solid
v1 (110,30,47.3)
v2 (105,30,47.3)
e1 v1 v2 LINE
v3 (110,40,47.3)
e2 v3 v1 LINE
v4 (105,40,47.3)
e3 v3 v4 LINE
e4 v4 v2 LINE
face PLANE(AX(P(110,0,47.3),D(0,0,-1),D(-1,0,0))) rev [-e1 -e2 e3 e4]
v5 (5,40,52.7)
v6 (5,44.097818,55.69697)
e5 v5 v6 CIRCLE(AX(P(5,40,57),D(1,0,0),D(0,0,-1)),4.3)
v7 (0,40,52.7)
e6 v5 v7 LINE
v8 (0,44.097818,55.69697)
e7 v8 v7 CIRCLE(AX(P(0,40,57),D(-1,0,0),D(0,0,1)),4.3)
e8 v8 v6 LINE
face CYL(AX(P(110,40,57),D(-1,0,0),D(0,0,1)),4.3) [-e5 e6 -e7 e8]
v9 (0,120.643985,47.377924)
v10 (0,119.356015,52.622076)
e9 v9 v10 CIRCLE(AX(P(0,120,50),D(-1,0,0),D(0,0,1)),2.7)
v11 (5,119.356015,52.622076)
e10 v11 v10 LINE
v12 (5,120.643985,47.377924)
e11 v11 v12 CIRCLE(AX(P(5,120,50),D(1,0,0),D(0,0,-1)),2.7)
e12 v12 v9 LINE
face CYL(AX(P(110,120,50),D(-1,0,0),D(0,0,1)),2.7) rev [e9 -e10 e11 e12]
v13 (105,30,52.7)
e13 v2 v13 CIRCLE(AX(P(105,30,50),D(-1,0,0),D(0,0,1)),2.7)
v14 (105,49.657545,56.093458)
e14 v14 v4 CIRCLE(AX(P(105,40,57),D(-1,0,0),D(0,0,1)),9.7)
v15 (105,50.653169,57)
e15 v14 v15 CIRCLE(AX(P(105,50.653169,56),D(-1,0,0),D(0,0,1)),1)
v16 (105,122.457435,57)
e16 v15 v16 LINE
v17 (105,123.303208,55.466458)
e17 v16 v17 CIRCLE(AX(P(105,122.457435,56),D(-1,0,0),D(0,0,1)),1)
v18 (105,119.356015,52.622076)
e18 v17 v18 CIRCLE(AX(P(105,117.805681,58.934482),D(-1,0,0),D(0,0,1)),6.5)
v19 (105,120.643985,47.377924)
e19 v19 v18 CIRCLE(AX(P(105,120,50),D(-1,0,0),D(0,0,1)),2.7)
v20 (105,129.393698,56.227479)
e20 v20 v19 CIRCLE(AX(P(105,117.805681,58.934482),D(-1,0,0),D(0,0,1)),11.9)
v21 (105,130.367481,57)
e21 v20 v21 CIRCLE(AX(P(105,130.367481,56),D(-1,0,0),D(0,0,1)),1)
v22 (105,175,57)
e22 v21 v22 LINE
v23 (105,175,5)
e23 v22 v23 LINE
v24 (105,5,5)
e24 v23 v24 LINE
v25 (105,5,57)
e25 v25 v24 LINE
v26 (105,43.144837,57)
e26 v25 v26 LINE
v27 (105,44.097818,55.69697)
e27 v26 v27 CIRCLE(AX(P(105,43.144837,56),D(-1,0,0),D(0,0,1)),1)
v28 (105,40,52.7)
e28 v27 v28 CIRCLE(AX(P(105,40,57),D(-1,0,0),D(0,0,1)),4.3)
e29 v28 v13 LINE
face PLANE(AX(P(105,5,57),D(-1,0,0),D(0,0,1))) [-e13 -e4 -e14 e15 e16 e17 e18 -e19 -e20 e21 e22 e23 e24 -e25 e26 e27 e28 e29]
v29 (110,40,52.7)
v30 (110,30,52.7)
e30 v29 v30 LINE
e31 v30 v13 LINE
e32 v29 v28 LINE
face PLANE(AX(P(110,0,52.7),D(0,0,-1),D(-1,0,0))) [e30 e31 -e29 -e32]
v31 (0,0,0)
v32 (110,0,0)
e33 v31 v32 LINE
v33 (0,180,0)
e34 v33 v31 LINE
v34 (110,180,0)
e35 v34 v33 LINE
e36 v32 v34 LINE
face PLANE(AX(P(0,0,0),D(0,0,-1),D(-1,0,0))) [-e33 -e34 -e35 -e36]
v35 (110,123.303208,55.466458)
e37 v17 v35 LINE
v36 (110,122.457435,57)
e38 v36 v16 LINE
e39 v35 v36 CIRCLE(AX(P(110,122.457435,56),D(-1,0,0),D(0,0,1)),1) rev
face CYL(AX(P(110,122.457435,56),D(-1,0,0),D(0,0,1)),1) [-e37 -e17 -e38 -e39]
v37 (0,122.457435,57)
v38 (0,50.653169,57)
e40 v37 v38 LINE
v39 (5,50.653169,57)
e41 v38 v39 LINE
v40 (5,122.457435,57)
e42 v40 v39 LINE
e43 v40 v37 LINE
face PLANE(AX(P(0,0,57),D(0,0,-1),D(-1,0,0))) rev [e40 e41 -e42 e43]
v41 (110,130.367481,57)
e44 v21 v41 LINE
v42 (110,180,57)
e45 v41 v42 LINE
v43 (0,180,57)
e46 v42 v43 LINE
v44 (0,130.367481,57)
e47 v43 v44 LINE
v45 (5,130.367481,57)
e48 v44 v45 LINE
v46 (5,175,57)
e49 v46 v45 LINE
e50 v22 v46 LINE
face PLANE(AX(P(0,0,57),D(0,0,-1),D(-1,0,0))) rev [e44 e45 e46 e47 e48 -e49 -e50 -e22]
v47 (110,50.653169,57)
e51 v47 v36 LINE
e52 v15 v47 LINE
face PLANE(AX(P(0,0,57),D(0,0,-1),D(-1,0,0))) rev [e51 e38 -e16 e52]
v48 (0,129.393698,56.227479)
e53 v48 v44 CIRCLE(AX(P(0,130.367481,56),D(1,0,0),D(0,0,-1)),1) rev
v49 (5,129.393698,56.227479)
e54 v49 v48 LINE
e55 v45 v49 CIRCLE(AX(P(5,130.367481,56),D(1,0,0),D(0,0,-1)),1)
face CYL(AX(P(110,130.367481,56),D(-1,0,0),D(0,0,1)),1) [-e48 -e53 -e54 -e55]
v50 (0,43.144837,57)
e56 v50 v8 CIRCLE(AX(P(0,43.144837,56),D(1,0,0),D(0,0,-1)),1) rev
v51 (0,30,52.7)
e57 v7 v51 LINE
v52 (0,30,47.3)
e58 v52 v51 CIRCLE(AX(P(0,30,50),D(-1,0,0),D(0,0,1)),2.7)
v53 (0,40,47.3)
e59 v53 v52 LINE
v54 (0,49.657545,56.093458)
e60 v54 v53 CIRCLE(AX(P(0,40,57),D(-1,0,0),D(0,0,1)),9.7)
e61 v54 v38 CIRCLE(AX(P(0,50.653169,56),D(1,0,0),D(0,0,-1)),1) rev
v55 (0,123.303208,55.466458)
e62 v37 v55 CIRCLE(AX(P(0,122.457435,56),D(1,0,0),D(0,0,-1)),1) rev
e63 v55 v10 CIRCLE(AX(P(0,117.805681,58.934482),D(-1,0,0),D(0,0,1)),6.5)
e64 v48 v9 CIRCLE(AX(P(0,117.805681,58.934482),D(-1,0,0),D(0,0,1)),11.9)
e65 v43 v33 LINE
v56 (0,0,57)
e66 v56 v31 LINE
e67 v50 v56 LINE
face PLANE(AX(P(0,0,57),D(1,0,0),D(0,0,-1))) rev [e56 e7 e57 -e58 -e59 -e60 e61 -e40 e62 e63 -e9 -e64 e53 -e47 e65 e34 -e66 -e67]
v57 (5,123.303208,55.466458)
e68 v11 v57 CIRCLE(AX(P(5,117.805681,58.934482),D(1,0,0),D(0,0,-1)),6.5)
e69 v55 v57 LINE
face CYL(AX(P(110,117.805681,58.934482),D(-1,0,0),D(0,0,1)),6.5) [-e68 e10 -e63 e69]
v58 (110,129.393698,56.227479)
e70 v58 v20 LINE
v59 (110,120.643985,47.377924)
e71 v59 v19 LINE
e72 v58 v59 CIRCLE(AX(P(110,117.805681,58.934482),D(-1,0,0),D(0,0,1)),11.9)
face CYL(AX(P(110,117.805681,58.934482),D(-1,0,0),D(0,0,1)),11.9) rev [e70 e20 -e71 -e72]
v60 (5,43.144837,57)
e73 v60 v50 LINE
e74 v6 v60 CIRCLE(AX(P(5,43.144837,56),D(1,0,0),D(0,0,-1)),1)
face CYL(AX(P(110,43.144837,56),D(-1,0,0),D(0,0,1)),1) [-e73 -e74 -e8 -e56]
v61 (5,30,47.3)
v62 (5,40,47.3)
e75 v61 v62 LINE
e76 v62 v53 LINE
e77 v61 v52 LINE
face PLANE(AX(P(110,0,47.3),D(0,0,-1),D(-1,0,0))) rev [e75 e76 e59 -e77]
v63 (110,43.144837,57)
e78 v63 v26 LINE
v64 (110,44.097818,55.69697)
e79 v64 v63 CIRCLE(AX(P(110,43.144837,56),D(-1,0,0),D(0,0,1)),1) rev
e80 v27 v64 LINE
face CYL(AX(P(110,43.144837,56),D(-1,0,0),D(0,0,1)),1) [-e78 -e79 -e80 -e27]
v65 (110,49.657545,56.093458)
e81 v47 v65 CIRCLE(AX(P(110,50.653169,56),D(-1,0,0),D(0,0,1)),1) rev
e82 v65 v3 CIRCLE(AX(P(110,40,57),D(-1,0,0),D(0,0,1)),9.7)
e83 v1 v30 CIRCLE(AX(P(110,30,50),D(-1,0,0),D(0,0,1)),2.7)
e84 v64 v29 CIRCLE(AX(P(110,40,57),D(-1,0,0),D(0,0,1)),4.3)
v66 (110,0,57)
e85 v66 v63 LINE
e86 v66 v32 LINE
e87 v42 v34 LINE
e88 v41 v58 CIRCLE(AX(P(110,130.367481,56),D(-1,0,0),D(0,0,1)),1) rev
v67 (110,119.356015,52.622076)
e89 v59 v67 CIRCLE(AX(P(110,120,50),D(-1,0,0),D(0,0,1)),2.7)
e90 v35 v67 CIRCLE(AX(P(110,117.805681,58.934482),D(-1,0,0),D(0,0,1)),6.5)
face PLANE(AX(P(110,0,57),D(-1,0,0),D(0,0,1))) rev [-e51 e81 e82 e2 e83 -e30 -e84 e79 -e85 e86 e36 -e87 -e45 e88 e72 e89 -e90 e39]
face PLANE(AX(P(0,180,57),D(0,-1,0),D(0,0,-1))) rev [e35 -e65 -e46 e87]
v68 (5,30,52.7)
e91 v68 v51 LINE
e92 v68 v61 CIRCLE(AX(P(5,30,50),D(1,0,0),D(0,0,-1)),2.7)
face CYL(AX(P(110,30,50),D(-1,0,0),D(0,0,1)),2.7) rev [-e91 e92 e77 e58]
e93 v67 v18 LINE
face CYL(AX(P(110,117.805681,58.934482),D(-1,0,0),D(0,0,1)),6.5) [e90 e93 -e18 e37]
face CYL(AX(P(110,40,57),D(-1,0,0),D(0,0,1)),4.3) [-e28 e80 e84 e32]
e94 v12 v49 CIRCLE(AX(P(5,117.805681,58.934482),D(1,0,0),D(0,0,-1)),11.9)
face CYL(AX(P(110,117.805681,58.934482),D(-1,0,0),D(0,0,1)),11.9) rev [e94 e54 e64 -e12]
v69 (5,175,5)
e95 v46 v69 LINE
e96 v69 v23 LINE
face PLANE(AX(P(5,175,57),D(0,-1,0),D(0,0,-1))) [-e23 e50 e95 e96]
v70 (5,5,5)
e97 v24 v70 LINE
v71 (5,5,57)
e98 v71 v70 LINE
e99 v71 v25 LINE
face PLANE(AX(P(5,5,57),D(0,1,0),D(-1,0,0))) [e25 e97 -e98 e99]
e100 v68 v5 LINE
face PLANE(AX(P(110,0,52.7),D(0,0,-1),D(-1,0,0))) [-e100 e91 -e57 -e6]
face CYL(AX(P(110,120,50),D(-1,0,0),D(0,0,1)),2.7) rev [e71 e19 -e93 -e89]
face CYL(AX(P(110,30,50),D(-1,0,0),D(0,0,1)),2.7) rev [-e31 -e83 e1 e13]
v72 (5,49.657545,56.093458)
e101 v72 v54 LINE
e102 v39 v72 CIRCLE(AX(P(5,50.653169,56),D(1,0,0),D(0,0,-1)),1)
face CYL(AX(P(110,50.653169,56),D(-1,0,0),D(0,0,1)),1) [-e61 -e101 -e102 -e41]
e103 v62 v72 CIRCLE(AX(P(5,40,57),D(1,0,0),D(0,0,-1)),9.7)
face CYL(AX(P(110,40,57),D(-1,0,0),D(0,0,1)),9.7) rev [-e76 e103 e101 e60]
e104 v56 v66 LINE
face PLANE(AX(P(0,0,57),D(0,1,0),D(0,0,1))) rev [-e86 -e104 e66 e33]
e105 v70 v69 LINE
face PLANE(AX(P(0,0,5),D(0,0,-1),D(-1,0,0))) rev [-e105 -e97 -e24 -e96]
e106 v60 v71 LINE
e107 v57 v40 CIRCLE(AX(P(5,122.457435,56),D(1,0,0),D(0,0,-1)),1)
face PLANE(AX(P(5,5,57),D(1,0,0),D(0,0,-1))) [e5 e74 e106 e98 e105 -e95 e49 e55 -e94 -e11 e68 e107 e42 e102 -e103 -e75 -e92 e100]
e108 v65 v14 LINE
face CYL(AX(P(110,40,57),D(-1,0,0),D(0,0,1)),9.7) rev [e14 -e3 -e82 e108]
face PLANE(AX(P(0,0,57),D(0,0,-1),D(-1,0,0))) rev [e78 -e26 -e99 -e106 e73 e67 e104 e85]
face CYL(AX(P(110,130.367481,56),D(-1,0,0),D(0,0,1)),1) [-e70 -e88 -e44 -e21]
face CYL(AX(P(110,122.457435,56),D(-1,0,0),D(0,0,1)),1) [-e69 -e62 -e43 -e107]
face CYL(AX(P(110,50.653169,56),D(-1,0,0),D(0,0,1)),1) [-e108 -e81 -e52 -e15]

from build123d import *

# Parameters (mm, degrees)
ESQUISSE1_W             = 110
ESQUISSE1_H             = 180
ESQUISSE1_W_2           = 100
ESQUISSE1_H_2           = 170
BOSS_EXTRU_1_DEPTH      = 57
ESQUISSE2_W             = 110
ESQUISSE2_H             = 180
BOSS_EXTRU_2_DEPTH      = 5
ENL_V_MAT_EXTRU_1_DEPTH = 111
CONG_1_R                = 1


with BuildPart() as part:
    # Esquisse1 → Boss.-Extru.1 (new body)
    with BuildSketch(Plane.XY):
        with Locations((55, 90)):
            Rectangle(ESQUISSE1_W, ESQUISSE1_H)
        with Locations((55, 90)):
            Rectangle(ESQUISSE1_W_2, ESQUISSE1_H_2, mode=Mode.SUBTRACT)
    extrude(amount=BOSS_EXTRU_1_DEPTH)

    # Esquisse2 → Boss.-Extru.2 (add)
    with BuildSketch(Plane(origin=(0, 0, 0), x_dir=(-1, 0, 0), z_dir=(0, 0, -1))):
        with Locations((-55, 90)):
            Rectangle(ESQUISSE2_W, ESQUISSE2_H)
    extrude(amount=-BOSS_EXTRU_2_DEPTH)

    # Esquisse3 → Enlèv. mat.-Extru.1 (cut, through all)
    with BuildSketch(Plane.ZY):
        with BuildLine():
            ThreePointArc((52.62207614, 119.356014971), (54.199469032, 122.258730766), (57, 124.011144421))
            Line((57, 124.011144421), (57, 129.5))
            ThreePointArc((57, 129.5), (56.714535858, 129.484866891), (56.432271686, 129.439637203))
            ThreePointArc((56.432271686, 129.439637203), (50.642732019, 126.341305275), (47.37792386, 120.643985029))
            ThreePointArc((47.37792386, 120.643985029), (49.356014971, 117.37792386), (52.62207614, 119.356014971))
        make_face()
        with BuildLine():
            Line((57, 129.5), (57, 124.011144421))
            ThreePointArc((57, 124.011144421), (57.282178821, 124.092165775), (57.567728314, 124.160362797))
            ThreePointArc((57.567728314, 124.160362797), (59.684866891, 127.085464142), (57, 129.5))
        make_face()
        with BuildLine():
            ThreePointArc((47.3, 40), (50, 42.7), (52.7, 40))
            ThreePointArc((52.7, 40), (53.959440841, 43.040559159), (57, 44.3))
            Line((57, 44.3), (57, 49.7))
            ThreePointArc((57, 49.7), (50.141064222, 46.858935778), (47.3, 40))
        make_face()
        with BuildLine():
            Line((57, 49.7), (57, 44.3))
            ThreePointArc((57, 44.3), (59.7, 47), (57, 49.7))
        make_face()
        with BuildLine():
            ThreePointArc((47.3, 40), (50, 37.3), (52.7, 40))
            ThreePointArc((52.7, 40), (50, 42.7), (47.3, 40))
        make_face()
        with BuildLine():
            Line((47.3, 40), (47.3, 30))
            ThreePointArc((47.3, 30), (50, 27.3), (52.7, 30))
            Line((52.7, 30), (52.7, 40))
            ThreePointArc((52.7, 40), (50, 37.3), (47.3, 40))
        make_face()
    extrude(amount=-ENL_V_MAT_EXTRU_1_DEPTH, mode=Mode.SUBTRACT)

    # Congé1
    cong_1_edges = [part.edges().sort_by_distance(p)[0] for p in [
        (2.5, 49.7, 57),
        (107.5, 49.7, 57),
        (107.5, 44.3, 57),
        (2.5, 44.3, 57),
        (2.5, 124.011144421, 57),
        (2.5, 129.5, 57),
        (107.5, 124.011144421, 57),
        (107.5, 129.5, 57),
    ]]
    fillet(cong_1_edges, radius=CONG_1_R)


solid = part.part
